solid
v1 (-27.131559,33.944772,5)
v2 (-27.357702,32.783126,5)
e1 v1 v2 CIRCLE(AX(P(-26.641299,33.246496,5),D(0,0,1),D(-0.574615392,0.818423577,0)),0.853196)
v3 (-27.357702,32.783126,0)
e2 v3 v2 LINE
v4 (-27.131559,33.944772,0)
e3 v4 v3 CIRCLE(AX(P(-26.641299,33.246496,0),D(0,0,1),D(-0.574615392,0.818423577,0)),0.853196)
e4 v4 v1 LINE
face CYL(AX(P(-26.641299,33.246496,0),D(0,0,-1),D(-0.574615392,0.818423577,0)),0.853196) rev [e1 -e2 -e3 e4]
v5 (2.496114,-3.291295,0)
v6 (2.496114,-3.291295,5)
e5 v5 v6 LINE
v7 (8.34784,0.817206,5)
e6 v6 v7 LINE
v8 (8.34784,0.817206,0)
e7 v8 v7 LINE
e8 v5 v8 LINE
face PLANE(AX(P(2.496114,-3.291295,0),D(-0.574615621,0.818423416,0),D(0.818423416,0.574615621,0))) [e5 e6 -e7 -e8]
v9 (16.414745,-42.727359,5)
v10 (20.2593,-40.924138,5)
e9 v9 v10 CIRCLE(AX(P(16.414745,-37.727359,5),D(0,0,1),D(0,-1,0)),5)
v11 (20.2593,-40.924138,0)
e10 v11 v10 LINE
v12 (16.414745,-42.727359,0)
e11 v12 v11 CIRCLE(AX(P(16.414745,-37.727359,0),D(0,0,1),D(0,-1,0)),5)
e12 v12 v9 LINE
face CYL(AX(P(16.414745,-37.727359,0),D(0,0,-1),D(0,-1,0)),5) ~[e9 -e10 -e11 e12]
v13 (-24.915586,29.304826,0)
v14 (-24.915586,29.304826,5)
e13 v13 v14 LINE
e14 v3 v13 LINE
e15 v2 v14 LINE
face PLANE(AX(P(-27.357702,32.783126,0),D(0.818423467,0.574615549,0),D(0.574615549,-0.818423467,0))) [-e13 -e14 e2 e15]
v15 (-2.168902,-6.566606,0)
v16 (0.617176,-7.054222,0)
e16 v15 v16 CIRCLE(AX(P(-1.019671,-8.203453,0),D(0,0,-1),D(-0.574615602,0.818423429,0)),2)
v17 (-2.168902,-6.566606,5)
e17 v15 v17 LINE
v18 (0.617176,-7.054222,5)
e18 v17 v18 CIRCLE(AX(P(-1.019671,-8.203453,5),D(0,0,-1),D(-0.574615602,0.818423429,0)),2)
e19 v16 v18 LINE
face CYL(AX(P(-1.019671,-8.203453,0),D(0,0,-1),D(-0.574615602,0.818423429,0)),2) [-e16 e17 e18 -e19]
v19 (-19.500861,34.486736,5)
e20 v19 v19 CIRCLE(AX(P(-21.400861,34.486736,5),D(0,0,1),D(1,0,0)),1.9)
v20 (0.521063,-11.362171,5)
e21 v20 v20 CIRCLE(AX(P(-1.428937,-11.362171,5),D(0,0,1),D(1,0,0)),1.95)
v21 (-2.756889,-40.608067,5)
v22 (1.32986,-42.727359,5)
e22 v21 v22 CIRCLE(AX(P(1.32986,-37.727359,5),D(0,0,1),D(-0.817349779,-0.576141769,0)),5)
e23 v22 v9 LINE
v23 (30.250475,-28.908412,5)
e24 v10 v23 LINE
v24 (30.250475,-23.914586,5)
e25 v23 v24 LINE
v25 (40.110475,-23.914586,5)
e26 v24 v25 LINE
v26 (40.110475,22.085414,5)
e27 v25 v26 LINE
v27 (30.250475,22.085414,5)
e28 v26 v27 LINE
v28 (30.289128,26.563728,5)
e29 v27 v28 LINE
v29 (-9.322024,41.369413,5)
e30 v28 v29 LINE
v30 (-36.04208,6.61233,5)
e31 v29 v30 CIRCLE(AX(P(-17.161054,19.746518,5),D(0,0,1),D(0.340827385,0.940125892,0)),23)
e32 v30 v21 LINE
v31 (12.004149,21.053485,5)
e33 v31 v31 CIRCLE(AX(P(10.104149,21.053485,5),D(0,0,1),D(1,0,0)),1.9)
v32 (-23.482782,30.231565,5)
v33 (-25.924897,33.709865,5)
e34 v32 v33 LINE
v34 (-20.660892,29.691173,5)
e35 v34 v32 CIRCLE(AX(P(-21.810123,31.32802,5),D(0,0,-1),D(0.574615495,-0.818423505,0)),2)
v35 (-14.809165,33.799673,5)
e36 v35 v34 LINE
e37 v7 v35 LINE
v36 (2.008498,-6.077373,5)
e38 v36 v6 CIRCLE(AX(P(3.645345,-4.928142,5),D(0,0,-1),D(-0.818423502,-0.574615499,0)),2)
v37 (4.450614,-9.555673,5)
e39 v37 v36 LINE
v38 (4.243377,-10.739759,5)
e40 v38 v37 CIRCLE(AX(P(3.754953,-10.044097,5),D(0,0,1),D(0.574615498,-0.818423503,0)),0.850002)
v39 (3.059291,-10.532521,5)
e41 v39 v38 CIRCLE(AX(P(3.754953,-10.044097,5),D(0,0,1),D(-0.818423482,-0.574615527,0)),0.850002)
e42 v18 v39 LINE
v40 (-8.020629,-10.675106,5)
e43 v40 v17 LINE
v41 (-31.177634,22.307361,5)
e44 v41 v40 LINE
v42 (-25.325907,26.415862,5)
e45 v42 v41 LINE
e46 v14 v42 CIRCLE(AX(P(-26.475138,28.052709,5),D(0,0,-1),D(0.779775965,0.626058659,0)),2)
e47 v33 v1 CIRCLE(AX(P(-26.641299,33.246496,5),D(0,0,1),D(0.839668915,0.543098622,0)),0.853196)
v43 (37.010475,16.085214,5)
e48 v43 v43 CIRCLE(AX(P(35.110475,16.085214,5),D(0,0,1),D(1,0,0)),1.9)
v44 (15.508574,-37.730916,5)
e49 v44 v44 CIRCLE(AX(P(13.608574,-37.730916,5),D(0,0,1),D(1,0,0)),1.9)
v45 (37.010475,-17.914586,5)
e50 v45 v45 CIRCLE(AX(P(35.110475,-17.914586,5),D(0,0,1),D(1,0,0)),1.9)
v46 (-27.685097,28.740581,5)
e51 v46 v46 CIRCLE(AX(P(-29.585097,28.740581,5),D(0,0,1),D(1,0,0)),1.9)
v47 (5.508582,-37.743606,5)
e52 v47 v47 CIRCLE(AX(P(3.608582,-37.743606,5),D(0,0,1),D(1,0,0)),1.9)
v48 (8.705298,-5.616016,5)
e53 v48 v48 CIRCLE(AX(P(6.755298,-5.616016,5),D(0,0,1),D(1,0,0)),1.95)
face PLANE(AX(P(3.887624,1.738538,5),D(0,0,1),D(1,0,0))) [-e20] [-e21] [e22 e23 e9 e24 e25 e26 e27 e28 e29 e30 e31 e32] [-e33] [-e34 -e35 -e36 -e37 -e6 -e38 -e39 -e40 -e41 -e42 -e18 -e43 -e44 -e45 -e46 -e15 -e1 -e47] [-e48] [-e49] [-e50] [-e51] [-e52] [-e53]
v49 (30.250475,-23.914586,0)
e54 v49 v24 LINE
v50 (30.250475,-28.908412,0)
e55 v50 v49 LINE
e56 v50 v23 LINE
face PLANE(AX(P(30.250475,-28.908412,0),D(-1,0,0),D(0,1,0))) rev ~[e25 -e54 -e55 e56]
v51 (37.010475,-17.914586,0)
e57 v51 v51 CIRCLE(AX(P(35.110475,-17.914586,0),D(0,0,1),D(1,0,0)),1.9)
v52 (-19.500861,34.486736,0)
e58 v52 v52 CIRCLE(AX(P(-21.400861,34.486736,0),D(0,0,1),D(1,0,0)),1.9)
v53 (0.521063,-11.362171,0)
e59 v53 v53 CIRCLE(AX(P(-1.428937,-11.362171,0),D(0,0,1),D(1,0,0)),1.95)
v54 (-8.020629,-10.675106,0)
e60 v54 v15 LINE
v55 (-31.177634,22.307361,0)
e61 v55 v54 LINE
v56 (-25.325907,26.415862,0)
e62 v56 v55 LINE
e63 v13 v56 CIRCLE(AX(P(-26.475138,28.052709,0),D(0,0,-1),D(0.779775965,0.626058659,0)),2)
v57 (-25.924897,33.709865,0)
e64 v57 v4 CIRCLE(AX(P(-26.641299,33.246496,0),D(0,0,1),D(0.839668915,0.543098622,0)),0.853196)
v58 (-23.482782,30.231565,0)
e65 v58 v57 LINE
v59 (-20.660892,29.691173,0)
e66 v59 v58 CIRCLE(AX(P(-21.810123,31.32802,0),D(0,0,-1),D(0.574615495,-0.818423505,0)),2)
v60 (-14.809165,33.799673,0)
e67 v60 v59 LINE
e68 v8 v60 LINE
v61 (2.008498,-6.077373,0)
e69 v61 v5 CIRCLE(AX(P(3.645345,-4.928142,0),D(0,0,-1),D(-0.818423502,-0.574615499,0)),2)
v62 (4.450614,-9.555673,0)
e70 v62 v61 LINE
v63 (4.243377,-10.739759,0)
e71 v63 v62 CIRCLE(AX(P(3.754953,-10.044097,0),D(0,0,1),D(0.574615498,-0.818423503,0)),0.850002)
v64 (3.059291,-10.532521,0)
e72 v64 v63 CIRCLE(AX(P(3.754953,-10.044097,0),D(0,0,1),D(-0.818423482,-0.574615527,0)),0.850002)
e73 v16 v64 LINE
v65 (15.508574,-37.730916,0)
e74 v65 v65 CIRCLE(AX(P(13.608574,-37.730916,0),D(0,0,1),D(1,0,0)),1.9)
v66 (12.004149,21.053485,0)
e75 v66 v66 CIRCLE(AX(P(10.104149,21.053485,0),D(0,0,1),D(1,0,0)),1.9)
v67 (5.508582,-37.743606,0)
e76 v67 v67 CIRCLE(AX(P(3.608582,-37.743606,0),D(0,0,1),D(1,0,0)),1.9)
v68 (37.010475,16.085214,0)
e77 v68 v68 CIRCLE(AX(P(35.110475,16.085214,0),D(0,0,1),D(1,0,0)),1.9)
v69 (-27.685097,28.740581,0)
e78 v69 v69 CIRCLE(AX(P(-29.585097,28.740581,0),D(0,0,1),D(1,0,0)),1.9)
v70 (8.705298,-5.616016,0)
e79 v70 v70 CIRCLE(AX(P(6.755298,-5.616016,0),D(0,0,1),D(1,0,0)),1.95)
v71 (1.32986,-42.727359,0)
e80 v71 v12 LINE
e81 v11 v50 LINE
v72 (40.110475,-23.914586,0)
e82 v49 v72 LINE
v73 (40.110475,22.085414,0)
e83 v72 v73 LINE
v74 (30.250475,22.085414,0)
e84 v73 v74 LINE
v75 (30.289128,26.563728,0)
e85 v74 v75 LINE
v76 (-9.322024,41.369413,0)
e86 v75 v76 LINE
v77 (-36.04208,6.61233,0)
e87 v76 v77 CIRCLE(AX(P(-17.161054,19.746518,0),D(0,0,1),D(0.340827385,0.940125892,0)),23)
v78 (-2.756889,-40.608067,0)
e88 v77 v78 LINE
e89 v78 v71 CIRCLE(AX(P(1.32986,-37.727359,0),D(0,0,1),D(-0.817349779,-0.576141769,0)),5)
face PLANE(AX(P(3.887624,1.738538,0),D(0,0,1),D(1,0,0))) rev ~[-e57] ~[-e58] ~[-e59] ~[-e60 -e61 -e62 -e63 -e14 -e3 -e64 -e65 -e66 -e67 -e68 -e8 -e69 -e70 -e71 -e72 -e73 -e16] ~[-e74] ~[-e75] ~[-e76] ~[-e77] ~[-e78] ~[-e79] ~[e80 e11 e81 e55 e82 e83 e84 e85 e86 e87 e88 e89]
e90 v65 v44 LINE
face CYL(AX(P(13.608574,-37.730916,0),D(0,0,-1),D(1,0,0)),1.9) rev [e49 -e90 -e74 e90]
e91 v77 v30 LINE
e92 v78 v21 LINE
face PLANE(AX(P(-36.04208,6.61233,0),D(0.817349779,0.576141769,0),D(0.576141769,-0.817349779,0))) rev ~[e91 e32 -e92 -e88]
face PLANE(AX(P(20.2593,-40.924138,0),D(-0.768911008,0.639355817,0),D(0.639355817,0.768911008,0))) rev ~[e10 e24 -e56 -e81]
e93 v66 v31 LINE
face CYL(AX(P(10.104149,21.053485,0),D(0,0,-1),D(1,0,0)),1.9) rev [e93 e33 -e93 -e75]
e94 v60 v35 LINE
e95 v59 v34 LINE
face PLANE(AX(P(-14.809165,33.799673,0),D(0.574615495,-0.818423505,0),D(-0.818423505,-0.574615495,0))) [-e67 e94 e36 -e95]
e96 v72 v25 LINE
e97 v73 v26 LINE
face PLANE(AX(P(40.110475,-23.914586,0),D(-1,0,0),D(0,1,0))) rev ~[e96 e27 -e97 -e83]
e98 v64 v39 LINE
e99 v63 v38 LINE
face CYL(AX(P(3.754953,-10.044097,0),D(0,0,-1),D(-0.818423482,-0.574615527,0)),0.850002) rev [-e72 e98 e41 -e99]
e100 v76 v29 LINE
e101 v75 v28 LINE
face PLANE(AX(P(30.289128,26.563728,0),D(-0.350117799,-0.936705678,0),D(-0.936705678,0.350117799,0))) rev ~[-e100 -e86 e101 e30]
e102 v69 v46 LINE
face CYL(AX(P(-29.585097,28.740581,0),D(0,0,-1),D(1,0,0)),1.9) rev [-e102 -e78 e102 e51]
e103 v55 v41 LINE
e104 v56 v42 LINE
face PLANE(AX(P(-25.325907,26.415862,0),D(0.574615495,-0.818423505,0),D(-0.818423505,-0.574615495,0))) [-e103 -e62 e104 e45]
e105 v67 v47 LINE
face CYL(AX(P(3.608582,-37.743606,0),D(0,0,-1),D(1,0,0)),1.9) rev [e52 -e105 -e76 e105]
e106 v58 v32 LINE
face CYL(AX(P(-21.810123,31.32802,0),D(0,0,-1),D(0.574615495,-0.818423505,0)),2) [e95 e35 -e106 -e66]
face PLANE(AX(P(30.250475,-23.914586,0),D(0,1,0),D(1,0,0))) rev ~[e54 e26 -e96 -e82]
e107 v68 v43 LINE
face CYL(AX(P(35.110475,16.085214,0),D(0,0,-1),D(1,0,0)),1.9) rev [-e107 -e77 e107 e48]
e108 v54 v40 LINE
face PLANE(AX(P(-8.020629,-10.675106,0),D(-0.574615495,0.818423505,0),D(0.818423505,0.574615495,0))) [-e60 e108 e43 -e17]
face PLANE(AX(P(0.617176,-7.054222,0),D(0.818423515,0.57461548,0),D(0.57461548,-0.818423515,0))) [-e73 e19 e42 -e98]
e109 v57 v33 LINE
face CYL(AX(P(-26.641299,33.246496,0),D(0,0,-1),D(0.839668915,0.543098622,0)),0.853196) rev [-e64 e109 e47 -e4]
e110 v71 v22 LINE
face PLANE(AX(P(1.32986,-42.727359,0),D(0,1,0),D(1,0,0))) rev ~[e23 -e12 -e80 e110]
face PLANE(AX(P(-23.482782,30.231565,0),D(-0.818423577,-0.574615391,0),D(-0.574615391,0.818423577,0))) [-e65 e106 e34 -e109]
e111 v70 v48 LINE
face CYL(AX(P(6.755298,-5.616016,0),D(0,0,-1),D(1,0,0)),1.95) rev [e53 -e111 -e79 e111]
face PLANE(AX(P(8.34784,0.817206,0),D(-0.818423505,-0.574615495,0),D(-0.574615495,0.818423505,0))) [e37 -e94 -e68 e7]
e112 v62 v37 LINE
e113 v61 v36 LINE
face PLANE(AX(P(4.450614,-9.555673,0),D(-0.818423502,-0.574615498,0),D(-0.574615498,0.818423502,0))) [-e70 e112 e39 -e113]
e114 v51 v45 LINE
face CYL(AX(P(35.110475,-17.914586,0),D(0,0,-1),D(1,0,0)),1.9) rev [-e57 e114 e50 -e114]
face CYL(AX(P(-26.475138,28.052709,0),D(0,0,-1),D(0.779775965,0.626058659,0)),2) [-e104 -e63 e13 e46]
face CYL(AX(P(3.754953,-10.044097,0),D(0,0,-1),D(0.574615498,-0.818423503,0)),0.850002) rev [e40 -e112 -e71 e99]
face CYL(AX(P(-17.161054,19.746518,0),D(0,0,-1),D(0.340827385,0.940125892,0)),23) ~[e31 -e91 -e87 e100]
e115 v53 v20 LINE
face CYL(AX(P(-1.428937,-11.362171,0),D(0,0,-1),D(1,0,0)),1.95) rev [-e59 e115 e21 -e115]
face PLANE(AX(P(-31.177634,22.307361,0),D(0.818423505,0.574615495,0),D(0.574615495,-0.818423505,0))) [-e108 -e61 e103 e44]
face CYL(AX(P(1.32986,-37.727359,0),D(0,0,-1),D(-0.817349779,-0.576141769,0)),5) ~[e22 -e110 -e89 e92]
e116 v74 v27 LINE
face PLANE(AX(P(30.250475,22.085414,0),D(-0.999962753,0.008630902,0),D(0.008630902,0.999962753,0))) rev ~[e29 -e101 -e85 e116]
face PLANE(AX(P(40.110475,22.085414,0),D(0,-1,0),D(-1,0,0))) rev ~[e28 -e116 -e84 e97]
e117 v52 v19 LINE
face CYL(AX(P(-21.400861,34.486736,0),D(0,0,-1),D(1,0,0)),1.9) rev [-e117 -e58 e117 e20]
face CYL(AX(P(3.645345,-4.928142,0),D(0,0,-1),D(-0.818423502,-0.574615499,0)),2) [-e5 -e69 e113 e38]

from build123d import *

# Parameters (mm, degrees)
ESQUISSE1_R        = 1.9
ESQUISSE1_R_2      = 1.950000027
BOSS_EXTRU_1_DEPTH = 5


with BuildPart() as part:
    # Esquisse1 → Boss.-Extru.1 (new body)
    with BuildSketch(Plane.XY):
        with BuildLine():
            Line((-36.042079519, 6.612329971), (-2.756888739, -40.60806749))
            ThreePointArc((-2.756888739, -40.60806749), (-0.971927818, -42.166026475), (1.329860158, -42.727358644))
            Line((1.329860158, -42.727358644), (16.414744778, -42.727358644))
            ThreePointArc((16.414744778, -42.727358644), (18.537962215, -42.254161899), (20.25929982, -40.92413773))
            Line((20.25929982, -40.92413773), (30.250474641, -28.908411747))
            Line((30.250474641, -28.908411747), (30.250474641, -23.914585762))
            Line((30.250474641, -23.914585762), (40.110474641, -23.914585762))
            Line((40.110474641, -23.914585762), (40.110474641, 22.085414238))
            Line((40.110474641, 22.085414238), (30.250474641, 22.085414238))
            Line((30.250474641, 22.085414238), (30.289127967, 26.563728114))
            Line((30.289127967, 26.563728114), (-9.322024272, 41.369413347))
            ThreePointArc((-9.322024272, 41.369413347), (-35.395503084, 33.764537489), (-36.042079519, 6.612329971))
        make_face()
        with Locations((-29.585096552, 28.740581162)):
            Circle(ESQUISSE1_R, mode=Mode.SUBTRACT)
        with Locations((-21.4008614, 34.486736198)):
            Circle(ESQUISSE1_R, mode=Mode.SUBTRACT)
        with Locations((-1.428936876, -11.362171084)):
            Circle(ESQUISSE1_R_2, mode=Mode.SUBTRACT)
        with Locations((6.755298276, -5.616016048)):
            Circle(ESQUISSE1_R_2, mode=Mode.SUBTRACT)
        with Locations((10.104149324, 21.053484932)):
            Circle(ESQUISSE1_R, mode=Mode.SUBTRACT)
        with Locations((3.608581782, -37.743606202)):
            Circle(ESQUISSE1_R, mode=Mode.SUBTRACT)
        with Locations((13.608573866, -37.73091599)):
            Circle(ESQUISSE1_R, mode=Mode.SUBTRACT)
        with Locations((35.110474641, -17.914585762)):
            Circle(ESQUISSE1_R, mode=Mode.SUBTRACT)
        with Locations((35.110474641, 16.085214419)):
            Circle(ESQUISSE1_R, mode=Mode.SUBTRACT)
        with BuildLine():
            Line((-14.809164556, 33.799672662), (-20.660891689, 29.691172522))
            ThreePointArc((-20.660891689, 29.691172522), (-22.18628804, 29.363713126), (-23.482781796, 30.231565432))
            Line((-23.482781796, 30.231565432), (-25.924897053, 33.709865414))
            ThreePointArc((-25.924897053, 33.709865414), (-26.47826462, 34.0839702), (-27.131559209, 33.944771651))
            ThreePointArc((-27.131559209, 33.944771651), (-27.478774003, 33.409530528), (-27.357701898, 32.783125931))
            Line((-27.357701898, 32.783125931), (-24.915585604, 29.304825893))
            ThreePointArc((-24.915585604, 29.304825893), (-24.495010021, 27.771470128), (-25.32590655, 26.415861527))
            Line((-25.32590655, 26.415861527), (-31.177633683, 22.307361387))
            Line((-31.177633683, 22.307361387), (-8.020629273, -10.675105791))
            Line((-8.020629273, -10.675105791), (-2.16890246, -6.566605875))
            ThreePointArc((-2.16890246, -6.566605875), (-0.674874752, -6.233398064), (0.617175813, -7.054221782))
            Line((0.617175813, -7.054221782), (3.05929141, -10.532521451))
            ThreePointArc((3.05929141, -10.532521451), (3.608413847, -10.881372123), (4.243376724, -10.739758611))
            ThreePointArc((4.243376724, -10.739758611), (4.592227421, -10.190636157), (4.450613892, -9.555673255))
            Line((4.450613892, -9.555673255), (2.008497767, -6.077373005))
            ThreePointArc((2.008497767, -6.077373005), (1.675290093, -4.583345549), (2.496113536, -3.291295137))
            Line((2.496113536, -3.291295137), (8.347839718, 0.817205678))
            Line((8.347839718, 0.817205678), (-14.809164556, 33.799672662))
        make_face(mode=Mode.SUBTRACT)
    extrude(amount=BOSS_EXTRU_1_DEPTH)


solid = part.part
